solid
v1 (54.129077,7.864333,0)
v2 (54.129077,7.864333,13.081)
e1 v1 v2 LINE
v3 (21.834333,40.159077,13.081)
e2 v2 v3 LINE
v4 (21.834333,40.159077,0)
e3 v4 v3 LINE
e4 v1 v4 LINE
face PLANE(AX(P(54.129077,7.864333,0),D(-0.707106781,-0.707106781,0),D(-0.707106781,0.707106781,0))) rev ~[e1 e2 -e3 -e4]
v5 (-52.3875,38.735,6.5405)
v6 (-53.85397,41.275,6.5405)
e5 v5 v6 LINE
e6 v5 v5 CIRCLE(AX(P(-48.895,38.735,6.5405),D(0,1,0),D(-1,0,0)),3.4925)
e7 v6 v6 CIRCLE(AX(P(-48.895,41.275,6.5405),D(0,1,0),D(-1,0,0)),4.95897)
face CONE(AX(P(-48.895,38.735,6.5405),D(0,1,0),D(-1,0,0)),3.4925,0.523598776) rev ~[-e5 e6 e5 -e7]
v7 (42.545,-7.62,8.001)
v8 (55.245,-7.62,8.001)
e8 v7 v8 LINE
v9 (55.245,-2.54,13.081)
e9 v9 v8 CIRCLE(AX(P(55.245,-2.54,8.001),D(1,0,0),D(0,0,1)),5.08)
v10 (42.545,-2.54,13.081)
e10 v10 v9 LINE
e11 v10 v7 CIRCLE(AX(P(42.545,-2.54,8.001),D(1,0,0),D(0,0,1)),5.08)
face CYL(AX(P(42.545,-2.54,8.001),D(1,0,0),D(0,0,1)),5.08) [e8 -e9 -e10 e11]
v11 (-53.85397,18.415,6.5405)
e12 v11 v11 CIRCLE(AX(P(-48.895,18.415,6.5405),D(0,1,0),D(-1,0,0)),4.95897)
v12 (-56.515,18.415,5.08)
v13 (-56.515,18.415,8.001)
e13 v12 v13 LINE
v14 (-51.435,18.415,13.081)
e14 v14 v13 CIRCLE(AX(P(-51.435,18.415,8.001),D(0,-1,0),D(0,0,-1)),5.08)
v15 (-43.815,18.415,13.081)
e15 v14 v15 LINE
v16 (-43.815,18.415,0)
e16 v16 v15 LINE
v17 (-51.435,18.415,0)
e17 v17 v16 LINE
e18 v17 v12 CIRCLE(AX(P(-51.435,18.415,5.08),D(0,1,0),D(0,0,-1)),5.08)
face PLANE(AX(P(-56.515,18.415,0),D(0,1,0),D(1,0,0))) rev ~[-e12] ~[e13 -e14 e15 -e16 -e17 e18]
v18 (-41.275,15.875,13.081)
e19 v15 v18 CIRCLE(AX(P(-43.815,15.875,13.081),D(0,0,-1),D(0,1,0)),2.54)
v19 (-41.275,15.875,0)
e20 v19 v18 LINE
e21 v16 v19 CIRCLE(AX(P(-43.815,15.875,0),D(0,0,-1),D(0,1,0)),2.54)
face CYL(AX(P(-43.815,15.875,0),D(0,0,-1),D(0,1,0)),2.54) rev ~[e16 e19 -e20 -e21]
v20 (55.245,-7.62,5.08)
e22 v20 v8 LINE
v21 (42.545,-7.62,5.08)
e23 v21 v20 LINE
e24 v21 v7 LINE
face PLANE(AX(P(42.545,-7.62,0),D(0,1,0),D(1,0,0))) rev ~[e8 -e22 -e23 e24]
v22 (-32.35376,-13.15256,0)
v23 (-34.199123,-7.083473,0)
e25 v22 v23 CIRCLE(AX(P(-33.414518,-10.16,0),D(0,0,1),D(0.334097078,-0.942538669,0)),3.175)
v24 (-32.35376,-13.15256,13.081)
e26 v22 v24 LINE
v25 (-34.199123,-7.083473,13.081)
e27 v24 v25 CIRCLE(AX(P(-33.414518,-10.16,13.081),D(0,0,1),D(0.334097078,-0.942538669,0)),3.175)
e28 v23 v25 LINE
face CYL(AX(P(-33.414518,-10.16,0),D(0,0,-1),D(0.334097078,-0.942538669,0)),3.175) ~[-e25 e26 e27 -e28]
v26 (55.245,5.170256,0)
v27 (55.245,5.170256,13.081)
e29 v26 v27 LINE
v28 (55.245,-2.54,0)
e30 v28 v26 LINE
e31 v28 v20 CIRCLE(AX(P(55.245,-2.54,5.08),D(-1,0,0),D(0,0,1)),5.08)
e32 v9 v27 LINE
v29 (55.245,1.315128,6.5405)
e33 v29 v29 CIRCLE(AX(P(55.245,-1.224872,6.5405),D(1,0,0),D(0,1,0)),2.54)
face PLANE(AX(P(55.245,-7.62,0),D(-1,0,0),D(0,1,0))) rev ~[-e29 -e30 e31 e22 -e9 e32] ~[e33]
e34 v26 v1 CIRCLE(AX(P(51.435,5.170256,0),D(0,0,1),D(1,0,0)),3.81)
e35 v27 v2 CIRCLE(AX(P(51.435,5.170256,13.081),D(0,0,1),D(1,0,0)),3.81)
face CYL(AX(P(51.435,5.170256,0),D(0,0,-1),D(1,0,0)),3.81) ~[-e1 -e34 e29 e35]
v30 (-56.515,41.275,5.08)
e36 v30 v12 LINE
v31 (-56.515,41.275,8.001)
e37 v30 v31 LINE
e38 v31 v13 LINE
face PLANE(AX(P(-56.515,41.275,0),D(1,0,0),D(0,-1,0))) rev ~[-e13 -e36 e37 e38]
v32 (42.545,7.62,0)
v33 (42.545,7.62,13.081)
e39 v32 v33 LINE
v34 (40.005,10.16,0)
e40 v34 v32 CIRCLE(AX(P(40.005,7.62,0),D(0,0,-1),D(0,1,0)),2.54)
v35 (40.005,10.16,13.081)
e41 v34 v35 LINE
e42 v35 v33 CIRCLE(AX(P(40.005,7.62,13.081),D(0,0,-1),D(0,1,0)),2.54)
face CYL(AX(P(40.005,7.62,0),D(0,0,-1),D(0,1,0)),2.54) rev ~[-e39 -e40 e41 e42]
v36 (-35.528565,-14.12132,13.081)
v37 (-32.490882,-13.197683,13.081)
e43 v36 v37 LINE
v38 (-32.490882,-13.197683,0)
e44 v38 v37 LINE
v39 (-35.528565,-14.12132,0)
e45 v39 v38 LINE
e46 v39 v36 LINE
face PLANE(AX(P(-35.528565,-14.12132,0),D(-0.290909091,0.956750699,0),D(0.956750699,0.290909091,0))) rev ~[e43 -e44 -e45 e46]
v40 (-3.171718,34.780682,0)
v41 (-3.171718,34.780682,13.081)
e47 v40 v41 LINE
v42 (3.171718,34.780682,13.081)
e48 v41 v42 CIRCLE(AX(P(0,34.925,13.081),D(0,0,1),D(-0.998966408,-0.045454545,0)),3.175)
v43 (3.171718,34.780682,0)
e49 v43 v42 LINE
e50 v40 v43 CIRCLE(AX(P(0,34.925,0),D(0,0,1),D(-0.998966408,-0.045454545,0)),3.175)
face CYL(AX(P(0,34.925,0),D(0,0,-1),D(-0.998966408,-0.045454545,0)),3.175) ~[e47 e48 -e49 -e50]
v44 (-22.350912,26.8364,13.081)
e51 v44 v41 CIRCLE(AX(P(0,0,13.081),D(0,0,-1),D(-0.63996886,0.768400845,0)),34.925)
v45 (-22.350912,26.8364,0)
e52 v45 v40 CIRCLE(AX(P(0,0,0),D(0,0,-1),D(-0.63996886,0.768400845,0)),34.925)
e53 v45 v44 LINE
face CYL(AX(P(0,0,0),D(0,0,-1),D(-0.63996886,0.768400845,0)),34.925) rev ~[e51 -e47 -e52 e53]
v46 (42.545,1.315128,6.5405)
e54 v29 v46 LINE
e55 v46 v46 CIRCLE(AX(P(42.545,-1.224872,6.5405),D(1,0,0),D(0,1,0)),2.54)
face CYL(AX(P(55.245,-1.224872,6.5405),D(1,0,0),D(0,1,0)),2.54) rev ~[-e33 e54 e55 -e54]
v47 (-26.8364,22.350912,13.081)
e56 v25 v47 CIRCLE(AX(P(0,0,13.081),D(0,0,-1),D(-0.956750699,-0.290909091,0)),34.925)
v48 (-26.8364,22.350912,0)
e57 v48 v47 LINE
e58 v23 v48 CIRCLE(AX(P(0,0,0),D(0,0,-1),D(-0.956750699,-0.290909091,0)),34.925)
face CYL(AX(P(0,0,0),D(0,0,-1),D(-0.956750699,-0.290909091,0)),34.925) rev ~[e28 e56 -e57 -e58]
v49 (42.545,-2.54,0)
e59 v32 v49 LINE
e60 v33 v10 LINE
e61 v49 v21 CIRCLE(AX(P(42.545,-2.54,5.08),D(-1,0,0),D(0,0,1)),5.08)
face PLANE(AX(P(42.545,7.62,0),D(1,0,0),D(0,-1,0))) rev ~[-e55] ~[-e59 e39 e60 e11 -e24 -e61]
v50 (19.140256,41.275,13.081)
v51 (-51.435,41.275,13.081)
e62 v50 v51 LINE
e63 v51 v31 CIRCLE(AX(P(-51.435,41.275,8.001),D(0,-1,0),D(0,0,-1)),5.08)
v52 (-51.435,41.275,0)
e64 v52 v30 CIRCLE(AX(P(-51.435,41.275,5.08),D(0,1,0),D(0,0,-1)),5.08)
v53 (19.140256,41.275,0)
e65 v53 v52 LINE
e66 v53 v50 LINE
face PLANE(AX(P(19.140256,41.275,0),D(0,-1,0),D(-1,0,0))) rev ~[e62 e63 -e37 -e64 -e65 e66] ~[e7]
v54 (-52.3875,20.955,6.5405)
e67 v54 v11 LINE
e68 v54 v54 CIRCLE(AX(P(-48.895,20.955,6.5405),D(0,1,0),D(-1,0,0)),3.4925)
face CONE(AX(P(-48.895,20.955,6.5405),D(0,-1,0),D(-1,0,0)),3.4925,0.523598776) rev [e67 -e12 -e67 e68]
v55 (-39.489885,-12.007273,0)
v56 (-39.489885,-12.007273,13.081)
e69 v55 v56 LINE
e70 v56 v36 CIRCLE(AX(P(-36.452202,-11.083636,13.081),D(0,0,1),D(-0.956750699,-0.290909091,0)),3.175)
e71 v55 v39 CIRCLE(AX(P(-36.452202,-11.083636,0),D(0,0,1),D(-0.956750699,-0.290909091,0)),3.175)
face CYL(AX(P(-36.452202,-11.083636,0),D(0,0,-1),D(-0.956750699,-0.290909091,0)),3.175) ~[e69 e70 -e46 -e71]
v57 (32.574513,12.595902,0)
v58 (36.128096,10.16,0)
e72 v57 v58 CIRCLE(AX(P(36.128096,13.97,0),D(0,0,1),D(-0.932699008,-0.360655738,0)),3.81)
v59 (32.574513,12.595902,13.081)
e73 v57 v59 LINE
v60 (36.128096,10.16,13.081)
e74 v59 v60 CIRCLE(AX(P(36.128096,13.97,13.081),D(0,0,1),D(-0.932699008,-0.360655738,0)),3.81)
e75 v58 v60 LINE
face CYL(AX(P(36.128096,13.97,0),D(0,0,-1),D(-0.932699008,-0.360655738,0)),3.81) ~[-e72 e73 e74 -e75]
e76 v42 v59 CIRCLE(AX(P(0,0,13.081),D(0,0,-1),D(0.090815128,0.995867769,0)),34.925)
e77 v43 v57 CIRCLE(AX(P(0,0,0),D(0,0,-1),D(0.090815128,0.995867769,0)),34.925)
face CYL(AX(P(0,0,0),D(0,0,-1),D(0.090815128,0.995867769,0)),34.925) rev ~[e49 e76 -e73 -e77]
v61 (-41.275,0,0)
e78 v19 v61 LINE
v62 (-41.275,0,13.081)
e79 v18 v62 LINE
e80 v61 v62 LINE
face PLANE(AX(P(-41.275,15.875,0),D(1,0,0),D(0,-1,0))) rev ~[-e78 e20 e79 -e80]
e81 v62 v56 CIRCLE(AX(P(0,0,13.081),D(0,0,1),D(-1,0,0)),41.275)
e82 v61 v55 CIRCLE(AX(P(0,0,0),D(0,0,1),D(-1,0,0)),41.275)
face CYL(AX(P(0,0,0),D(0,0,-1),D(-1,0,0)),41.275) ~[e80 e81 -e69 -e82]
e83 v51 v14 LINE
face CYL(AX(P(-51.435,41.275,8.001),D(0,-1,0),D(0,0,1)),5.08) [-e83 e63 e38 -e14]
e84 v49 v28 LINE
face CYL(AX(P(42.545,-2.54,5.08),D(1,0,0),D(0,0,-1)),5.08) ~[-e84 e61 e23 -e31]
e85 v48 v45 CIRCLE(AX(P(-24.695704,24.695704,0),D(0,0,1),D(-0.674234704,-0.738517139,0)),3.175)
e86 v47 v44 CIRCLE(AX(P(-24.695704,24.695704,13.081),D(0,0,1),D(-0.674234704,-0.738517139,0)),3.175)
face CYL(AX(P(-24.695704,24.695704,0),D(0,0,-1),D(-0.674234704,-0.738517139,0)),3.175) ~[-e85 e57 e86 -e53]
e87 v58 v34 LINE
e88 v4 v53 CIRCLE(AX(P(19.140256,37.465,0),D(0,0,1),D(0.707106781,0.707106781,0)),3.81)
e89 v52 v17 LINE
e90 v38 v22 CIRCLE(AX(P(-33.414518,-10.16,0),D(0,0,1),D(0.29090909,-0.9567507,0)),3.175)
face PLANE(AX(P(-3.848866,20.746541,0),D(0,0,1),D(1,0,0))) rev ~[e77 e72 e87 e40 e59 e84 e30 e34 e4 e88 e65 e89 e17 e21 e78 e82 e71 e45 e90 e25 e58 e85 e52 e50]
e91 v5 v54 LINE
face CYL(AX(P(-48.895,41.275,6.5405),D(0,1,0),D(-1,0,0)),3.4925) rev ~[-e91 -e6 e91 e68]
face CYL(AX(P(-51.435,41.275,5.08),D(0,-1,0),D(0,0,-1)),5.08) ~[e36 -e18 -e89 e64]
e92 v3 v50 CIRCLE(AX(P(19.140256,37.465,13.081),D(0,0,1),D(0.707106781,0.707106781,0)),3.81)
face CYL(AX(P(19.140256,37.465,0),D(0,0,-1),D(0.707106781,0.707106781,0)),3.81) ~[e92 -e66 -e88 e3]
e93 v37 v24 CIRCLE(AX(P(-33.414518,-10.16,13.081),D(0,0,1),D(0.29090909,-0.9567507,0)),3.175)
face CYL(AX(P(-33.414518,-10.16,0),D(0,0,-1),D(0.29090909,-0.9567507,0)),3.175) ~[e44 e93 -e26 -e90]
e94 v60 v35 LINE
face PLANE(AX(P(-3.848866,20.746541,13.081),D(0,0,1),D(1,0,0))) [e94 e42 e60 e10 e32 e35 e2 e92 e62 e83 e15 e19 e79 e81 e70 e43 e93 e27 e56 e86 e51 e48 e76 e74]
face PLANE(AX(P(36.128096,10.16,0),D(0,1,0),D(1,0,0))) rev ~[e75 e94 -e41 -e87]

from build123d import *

# Parameters (mm, degrees)
F1_DEPTH = 13.081
F2_R     = 2.54
F3_DEPTH = 25.4
F4_R     = 3.4925
F5_DEPTH = 25.4
F6_SIZE2 = 1.4664696837
F6_SIZE  = 2.54
F7_R     = 5.08


with BuildPart() as f1:
    # F0 (on Top) → F1 (new body)
    with BuildSketch(Plane.XY):
        with BuildLine():
            ThreePointArc((3.1717183454, 34.7806818182), (21.0354315126, 27.8794950829), (32.574512842, 12.5959016393))
            ThreePointArc((32.574512842, 12.5959016393), (33.9739390049, 10.8274361777), (36.1280960611, 10.16))
            Line((36.1280960611, 10.16), (40.005, 10.16))
            ThreePointArc((40.005, 10.16), (41.8010512242, 9.4160512242), (42.545, 7.62))
            Line((42.545, 7.62), (42.545, -7.62))
            Line((42.545, -7.62), (55.245, -7.62))
            Line((55.245, -7.62), (55.245, 5.1702561211))
            ThreePointArc((55.245, 5.1702561211), (54.9549810189, 6.6282799984), (54.1290768363, 7.8643329574))
            Line((54.1290768363, 7.8643329574), (21.8343329574, 40.1590768363))
            ThreePointArc((21.8343329574, 40.1590768363), (20.5982799984, 40.9849810189), (19.1402561211, 41.275))
            Line((19.1402561211, 41.275), (0, 41.275))
            Line((0, 41.275), (-56.515, 41.275))
            Line((-56.515, 41.275), (-56.515, 18.415))
            Line((-56.515, 18.415), (-43.815, 18.415))
            ThreePointArc((-43.815, 18.415), (-42.0189487758, 17.6710512242), (-41.275, 15.875))
            Line((-41.275, 15.875), (-41.275, 0))
            ThreePointArc((-41.275, 0), (-40.8262821798, -6.0696217652), (-39.4898851183, -12.0072727273))
            ThreePointArc((-39.4898851183, -12.0072727273), (-37.9470586927, -13.8847124809), (-35.528565284, -14.1213198343))
            ThreePointArc((-35.528565284, -14.1213198343), (-34.7738270947, -13.7787585984), (-34.1334673575, -13.252529236))
            ThreePointArc((-34.1334673575, -13.252529236), (-33.3596724116, -11.8025855442), (-33.414518177, -10.16))
            ThreePointArc((-33.414518177, -10.16), (-33.8417993799, -8.6306569699), (-34.1991233561, -7.0834727836))
            ThreePointArc((-34.1991233561, -7.0834727836), (-33.8811086179, 8.4750282492), (-26.836399518, 22.3509124179))
            ThreePointArc((-26.836399518, 22.3509124179), (-24.6957043329, 24.6957043329), (-22.3509124179, 26.836399518))
            ThreePointArc((-22.3509124179, 26.836399518), (-13.3652188754, 32.266492673), (-3.1717183454, 34.7806818182))
            ThreePointArc((-3.1717183454, 34.7806818182), (0, 34.925), (3.1717183454, 34.7806818182))
        make_face()
        with BuildLine():
            ThreePointArc((-26.836399518, 22.3509124179), (-22.4506403027, 22.4506403027), (-22.3509124179, 26.836399518))
            ThreePointArc((-22.3509124179, 26.836399518), (-24.6957043329, 24.6957043329), (-26.836399518, 22.3509124179))
        make_face()
        with BuildLine():
            ThreePointArc((-32.3537599551, -13.1525602742), (-30.3768347063, -9.2363636364), (-34.1991233561, -7.0834727836))
            ThreePointArc((-34.1991233561, -7.0834727836), (-33.8417993799, -8.6306569699), (-33.414518177, -10.16))
            ThreePointArc((-33.414518177, -10.16), (-32.9181630162, -11.6683404405), (-32.3537599551, -13.1525602742))
        make_face()
        with BuildLine():
            ThreePointArc((-32.3537599551, -13.1525602742), (-32.9181630162, -11.6683404405), (-33.414518177, -10.16))
            ThreePointArc((-33.414518177, -10.16), (-33.3596724116, -11.8025855442), (-34.1334673575, -13.252529236))
            ThreePointArc((-34.1334673575, -13.252529236), (-33.3085642944, -13.333231598), (-32.4908818133, -13.1976834706))
            ThreePointArc((-32.4908818133, -13.1976834706), (-32.422064403, -13.175901276), (-32.3537599551, -13.1525602742))
        make_face()
        with BuildLine():
            ThreePointArc((-32.4908818133, -13.1976834706), (-33.3085642944, -13.333231598), (-34.1334673575, -13.252529236))
            ThreePointArc((-34.1334673575, -13.252529236), (-34.7738270947, -13.7787585984), (-35.528565284, -14.1213198343))
            Line((-35.528565284, -14.1213198343), (-32.4908818133, -13.1976834706))
        make_face()
        with BuildLine():
            ThreePointArc((-3.1717183454, 34.7806818182), (0, 31.75), (3.1717183454, 34.7806818182))
            ThreePointArc((3.1717183454, 34.7806818182), (0, 34.925), (-3.1717183454, 34.7806818182))
        make_face()
    extrude(amount=F1_DEPTH)

    # F2 (on face) → F3 (cut)
    with BuildSketch(Plane.YZ.offset(55.245)):
        with Locations((-1.2248719395, 6.5405)):
            Circle(F2_R)
    extrude(amount=-F3_DEPTH, mode=Mode.SUBTRACT)

    # F4 (on face) → F5 (cut)
    with BuildSketch(Plane(origin=(0, 41.275, 0), x_dir=(-1, 0, 0), z_dir=(0, 1, 0))):
        with Locations((48.895, 6.5405)):
            Circle(F4_R)
    extrude(amount=-F5_DEPTH, mode=Mode.SUBTRACT)

    # F6
    f6_edges = [f1.edges().sort_by_distance(p)[0] for p in [
        (-45.4025, 41.275, 6.5405),
        (-45.4025, 18.415, 6.5405),
    ]]
    f6_side = f1.faces().sort_by_distance((-45.4025, 29.845, 6.5405))[0]
    chamfer(f6_edges, length=F6_SIZE, length2=F6_SIZE2, reference=f6_side)

    # F7
    f7_edges = [f1.edges().sort_by_distance(p)[0] for p in [
        (-56.515, 29.845, 13.081),
        (-56.515, 29.845, 0),
        (48.895, -7.62, 13.081),
        (48.895, -7.62, 0),
    ]]
    fillet(f7_edges, radius=F7_R)


solid = f1.part
